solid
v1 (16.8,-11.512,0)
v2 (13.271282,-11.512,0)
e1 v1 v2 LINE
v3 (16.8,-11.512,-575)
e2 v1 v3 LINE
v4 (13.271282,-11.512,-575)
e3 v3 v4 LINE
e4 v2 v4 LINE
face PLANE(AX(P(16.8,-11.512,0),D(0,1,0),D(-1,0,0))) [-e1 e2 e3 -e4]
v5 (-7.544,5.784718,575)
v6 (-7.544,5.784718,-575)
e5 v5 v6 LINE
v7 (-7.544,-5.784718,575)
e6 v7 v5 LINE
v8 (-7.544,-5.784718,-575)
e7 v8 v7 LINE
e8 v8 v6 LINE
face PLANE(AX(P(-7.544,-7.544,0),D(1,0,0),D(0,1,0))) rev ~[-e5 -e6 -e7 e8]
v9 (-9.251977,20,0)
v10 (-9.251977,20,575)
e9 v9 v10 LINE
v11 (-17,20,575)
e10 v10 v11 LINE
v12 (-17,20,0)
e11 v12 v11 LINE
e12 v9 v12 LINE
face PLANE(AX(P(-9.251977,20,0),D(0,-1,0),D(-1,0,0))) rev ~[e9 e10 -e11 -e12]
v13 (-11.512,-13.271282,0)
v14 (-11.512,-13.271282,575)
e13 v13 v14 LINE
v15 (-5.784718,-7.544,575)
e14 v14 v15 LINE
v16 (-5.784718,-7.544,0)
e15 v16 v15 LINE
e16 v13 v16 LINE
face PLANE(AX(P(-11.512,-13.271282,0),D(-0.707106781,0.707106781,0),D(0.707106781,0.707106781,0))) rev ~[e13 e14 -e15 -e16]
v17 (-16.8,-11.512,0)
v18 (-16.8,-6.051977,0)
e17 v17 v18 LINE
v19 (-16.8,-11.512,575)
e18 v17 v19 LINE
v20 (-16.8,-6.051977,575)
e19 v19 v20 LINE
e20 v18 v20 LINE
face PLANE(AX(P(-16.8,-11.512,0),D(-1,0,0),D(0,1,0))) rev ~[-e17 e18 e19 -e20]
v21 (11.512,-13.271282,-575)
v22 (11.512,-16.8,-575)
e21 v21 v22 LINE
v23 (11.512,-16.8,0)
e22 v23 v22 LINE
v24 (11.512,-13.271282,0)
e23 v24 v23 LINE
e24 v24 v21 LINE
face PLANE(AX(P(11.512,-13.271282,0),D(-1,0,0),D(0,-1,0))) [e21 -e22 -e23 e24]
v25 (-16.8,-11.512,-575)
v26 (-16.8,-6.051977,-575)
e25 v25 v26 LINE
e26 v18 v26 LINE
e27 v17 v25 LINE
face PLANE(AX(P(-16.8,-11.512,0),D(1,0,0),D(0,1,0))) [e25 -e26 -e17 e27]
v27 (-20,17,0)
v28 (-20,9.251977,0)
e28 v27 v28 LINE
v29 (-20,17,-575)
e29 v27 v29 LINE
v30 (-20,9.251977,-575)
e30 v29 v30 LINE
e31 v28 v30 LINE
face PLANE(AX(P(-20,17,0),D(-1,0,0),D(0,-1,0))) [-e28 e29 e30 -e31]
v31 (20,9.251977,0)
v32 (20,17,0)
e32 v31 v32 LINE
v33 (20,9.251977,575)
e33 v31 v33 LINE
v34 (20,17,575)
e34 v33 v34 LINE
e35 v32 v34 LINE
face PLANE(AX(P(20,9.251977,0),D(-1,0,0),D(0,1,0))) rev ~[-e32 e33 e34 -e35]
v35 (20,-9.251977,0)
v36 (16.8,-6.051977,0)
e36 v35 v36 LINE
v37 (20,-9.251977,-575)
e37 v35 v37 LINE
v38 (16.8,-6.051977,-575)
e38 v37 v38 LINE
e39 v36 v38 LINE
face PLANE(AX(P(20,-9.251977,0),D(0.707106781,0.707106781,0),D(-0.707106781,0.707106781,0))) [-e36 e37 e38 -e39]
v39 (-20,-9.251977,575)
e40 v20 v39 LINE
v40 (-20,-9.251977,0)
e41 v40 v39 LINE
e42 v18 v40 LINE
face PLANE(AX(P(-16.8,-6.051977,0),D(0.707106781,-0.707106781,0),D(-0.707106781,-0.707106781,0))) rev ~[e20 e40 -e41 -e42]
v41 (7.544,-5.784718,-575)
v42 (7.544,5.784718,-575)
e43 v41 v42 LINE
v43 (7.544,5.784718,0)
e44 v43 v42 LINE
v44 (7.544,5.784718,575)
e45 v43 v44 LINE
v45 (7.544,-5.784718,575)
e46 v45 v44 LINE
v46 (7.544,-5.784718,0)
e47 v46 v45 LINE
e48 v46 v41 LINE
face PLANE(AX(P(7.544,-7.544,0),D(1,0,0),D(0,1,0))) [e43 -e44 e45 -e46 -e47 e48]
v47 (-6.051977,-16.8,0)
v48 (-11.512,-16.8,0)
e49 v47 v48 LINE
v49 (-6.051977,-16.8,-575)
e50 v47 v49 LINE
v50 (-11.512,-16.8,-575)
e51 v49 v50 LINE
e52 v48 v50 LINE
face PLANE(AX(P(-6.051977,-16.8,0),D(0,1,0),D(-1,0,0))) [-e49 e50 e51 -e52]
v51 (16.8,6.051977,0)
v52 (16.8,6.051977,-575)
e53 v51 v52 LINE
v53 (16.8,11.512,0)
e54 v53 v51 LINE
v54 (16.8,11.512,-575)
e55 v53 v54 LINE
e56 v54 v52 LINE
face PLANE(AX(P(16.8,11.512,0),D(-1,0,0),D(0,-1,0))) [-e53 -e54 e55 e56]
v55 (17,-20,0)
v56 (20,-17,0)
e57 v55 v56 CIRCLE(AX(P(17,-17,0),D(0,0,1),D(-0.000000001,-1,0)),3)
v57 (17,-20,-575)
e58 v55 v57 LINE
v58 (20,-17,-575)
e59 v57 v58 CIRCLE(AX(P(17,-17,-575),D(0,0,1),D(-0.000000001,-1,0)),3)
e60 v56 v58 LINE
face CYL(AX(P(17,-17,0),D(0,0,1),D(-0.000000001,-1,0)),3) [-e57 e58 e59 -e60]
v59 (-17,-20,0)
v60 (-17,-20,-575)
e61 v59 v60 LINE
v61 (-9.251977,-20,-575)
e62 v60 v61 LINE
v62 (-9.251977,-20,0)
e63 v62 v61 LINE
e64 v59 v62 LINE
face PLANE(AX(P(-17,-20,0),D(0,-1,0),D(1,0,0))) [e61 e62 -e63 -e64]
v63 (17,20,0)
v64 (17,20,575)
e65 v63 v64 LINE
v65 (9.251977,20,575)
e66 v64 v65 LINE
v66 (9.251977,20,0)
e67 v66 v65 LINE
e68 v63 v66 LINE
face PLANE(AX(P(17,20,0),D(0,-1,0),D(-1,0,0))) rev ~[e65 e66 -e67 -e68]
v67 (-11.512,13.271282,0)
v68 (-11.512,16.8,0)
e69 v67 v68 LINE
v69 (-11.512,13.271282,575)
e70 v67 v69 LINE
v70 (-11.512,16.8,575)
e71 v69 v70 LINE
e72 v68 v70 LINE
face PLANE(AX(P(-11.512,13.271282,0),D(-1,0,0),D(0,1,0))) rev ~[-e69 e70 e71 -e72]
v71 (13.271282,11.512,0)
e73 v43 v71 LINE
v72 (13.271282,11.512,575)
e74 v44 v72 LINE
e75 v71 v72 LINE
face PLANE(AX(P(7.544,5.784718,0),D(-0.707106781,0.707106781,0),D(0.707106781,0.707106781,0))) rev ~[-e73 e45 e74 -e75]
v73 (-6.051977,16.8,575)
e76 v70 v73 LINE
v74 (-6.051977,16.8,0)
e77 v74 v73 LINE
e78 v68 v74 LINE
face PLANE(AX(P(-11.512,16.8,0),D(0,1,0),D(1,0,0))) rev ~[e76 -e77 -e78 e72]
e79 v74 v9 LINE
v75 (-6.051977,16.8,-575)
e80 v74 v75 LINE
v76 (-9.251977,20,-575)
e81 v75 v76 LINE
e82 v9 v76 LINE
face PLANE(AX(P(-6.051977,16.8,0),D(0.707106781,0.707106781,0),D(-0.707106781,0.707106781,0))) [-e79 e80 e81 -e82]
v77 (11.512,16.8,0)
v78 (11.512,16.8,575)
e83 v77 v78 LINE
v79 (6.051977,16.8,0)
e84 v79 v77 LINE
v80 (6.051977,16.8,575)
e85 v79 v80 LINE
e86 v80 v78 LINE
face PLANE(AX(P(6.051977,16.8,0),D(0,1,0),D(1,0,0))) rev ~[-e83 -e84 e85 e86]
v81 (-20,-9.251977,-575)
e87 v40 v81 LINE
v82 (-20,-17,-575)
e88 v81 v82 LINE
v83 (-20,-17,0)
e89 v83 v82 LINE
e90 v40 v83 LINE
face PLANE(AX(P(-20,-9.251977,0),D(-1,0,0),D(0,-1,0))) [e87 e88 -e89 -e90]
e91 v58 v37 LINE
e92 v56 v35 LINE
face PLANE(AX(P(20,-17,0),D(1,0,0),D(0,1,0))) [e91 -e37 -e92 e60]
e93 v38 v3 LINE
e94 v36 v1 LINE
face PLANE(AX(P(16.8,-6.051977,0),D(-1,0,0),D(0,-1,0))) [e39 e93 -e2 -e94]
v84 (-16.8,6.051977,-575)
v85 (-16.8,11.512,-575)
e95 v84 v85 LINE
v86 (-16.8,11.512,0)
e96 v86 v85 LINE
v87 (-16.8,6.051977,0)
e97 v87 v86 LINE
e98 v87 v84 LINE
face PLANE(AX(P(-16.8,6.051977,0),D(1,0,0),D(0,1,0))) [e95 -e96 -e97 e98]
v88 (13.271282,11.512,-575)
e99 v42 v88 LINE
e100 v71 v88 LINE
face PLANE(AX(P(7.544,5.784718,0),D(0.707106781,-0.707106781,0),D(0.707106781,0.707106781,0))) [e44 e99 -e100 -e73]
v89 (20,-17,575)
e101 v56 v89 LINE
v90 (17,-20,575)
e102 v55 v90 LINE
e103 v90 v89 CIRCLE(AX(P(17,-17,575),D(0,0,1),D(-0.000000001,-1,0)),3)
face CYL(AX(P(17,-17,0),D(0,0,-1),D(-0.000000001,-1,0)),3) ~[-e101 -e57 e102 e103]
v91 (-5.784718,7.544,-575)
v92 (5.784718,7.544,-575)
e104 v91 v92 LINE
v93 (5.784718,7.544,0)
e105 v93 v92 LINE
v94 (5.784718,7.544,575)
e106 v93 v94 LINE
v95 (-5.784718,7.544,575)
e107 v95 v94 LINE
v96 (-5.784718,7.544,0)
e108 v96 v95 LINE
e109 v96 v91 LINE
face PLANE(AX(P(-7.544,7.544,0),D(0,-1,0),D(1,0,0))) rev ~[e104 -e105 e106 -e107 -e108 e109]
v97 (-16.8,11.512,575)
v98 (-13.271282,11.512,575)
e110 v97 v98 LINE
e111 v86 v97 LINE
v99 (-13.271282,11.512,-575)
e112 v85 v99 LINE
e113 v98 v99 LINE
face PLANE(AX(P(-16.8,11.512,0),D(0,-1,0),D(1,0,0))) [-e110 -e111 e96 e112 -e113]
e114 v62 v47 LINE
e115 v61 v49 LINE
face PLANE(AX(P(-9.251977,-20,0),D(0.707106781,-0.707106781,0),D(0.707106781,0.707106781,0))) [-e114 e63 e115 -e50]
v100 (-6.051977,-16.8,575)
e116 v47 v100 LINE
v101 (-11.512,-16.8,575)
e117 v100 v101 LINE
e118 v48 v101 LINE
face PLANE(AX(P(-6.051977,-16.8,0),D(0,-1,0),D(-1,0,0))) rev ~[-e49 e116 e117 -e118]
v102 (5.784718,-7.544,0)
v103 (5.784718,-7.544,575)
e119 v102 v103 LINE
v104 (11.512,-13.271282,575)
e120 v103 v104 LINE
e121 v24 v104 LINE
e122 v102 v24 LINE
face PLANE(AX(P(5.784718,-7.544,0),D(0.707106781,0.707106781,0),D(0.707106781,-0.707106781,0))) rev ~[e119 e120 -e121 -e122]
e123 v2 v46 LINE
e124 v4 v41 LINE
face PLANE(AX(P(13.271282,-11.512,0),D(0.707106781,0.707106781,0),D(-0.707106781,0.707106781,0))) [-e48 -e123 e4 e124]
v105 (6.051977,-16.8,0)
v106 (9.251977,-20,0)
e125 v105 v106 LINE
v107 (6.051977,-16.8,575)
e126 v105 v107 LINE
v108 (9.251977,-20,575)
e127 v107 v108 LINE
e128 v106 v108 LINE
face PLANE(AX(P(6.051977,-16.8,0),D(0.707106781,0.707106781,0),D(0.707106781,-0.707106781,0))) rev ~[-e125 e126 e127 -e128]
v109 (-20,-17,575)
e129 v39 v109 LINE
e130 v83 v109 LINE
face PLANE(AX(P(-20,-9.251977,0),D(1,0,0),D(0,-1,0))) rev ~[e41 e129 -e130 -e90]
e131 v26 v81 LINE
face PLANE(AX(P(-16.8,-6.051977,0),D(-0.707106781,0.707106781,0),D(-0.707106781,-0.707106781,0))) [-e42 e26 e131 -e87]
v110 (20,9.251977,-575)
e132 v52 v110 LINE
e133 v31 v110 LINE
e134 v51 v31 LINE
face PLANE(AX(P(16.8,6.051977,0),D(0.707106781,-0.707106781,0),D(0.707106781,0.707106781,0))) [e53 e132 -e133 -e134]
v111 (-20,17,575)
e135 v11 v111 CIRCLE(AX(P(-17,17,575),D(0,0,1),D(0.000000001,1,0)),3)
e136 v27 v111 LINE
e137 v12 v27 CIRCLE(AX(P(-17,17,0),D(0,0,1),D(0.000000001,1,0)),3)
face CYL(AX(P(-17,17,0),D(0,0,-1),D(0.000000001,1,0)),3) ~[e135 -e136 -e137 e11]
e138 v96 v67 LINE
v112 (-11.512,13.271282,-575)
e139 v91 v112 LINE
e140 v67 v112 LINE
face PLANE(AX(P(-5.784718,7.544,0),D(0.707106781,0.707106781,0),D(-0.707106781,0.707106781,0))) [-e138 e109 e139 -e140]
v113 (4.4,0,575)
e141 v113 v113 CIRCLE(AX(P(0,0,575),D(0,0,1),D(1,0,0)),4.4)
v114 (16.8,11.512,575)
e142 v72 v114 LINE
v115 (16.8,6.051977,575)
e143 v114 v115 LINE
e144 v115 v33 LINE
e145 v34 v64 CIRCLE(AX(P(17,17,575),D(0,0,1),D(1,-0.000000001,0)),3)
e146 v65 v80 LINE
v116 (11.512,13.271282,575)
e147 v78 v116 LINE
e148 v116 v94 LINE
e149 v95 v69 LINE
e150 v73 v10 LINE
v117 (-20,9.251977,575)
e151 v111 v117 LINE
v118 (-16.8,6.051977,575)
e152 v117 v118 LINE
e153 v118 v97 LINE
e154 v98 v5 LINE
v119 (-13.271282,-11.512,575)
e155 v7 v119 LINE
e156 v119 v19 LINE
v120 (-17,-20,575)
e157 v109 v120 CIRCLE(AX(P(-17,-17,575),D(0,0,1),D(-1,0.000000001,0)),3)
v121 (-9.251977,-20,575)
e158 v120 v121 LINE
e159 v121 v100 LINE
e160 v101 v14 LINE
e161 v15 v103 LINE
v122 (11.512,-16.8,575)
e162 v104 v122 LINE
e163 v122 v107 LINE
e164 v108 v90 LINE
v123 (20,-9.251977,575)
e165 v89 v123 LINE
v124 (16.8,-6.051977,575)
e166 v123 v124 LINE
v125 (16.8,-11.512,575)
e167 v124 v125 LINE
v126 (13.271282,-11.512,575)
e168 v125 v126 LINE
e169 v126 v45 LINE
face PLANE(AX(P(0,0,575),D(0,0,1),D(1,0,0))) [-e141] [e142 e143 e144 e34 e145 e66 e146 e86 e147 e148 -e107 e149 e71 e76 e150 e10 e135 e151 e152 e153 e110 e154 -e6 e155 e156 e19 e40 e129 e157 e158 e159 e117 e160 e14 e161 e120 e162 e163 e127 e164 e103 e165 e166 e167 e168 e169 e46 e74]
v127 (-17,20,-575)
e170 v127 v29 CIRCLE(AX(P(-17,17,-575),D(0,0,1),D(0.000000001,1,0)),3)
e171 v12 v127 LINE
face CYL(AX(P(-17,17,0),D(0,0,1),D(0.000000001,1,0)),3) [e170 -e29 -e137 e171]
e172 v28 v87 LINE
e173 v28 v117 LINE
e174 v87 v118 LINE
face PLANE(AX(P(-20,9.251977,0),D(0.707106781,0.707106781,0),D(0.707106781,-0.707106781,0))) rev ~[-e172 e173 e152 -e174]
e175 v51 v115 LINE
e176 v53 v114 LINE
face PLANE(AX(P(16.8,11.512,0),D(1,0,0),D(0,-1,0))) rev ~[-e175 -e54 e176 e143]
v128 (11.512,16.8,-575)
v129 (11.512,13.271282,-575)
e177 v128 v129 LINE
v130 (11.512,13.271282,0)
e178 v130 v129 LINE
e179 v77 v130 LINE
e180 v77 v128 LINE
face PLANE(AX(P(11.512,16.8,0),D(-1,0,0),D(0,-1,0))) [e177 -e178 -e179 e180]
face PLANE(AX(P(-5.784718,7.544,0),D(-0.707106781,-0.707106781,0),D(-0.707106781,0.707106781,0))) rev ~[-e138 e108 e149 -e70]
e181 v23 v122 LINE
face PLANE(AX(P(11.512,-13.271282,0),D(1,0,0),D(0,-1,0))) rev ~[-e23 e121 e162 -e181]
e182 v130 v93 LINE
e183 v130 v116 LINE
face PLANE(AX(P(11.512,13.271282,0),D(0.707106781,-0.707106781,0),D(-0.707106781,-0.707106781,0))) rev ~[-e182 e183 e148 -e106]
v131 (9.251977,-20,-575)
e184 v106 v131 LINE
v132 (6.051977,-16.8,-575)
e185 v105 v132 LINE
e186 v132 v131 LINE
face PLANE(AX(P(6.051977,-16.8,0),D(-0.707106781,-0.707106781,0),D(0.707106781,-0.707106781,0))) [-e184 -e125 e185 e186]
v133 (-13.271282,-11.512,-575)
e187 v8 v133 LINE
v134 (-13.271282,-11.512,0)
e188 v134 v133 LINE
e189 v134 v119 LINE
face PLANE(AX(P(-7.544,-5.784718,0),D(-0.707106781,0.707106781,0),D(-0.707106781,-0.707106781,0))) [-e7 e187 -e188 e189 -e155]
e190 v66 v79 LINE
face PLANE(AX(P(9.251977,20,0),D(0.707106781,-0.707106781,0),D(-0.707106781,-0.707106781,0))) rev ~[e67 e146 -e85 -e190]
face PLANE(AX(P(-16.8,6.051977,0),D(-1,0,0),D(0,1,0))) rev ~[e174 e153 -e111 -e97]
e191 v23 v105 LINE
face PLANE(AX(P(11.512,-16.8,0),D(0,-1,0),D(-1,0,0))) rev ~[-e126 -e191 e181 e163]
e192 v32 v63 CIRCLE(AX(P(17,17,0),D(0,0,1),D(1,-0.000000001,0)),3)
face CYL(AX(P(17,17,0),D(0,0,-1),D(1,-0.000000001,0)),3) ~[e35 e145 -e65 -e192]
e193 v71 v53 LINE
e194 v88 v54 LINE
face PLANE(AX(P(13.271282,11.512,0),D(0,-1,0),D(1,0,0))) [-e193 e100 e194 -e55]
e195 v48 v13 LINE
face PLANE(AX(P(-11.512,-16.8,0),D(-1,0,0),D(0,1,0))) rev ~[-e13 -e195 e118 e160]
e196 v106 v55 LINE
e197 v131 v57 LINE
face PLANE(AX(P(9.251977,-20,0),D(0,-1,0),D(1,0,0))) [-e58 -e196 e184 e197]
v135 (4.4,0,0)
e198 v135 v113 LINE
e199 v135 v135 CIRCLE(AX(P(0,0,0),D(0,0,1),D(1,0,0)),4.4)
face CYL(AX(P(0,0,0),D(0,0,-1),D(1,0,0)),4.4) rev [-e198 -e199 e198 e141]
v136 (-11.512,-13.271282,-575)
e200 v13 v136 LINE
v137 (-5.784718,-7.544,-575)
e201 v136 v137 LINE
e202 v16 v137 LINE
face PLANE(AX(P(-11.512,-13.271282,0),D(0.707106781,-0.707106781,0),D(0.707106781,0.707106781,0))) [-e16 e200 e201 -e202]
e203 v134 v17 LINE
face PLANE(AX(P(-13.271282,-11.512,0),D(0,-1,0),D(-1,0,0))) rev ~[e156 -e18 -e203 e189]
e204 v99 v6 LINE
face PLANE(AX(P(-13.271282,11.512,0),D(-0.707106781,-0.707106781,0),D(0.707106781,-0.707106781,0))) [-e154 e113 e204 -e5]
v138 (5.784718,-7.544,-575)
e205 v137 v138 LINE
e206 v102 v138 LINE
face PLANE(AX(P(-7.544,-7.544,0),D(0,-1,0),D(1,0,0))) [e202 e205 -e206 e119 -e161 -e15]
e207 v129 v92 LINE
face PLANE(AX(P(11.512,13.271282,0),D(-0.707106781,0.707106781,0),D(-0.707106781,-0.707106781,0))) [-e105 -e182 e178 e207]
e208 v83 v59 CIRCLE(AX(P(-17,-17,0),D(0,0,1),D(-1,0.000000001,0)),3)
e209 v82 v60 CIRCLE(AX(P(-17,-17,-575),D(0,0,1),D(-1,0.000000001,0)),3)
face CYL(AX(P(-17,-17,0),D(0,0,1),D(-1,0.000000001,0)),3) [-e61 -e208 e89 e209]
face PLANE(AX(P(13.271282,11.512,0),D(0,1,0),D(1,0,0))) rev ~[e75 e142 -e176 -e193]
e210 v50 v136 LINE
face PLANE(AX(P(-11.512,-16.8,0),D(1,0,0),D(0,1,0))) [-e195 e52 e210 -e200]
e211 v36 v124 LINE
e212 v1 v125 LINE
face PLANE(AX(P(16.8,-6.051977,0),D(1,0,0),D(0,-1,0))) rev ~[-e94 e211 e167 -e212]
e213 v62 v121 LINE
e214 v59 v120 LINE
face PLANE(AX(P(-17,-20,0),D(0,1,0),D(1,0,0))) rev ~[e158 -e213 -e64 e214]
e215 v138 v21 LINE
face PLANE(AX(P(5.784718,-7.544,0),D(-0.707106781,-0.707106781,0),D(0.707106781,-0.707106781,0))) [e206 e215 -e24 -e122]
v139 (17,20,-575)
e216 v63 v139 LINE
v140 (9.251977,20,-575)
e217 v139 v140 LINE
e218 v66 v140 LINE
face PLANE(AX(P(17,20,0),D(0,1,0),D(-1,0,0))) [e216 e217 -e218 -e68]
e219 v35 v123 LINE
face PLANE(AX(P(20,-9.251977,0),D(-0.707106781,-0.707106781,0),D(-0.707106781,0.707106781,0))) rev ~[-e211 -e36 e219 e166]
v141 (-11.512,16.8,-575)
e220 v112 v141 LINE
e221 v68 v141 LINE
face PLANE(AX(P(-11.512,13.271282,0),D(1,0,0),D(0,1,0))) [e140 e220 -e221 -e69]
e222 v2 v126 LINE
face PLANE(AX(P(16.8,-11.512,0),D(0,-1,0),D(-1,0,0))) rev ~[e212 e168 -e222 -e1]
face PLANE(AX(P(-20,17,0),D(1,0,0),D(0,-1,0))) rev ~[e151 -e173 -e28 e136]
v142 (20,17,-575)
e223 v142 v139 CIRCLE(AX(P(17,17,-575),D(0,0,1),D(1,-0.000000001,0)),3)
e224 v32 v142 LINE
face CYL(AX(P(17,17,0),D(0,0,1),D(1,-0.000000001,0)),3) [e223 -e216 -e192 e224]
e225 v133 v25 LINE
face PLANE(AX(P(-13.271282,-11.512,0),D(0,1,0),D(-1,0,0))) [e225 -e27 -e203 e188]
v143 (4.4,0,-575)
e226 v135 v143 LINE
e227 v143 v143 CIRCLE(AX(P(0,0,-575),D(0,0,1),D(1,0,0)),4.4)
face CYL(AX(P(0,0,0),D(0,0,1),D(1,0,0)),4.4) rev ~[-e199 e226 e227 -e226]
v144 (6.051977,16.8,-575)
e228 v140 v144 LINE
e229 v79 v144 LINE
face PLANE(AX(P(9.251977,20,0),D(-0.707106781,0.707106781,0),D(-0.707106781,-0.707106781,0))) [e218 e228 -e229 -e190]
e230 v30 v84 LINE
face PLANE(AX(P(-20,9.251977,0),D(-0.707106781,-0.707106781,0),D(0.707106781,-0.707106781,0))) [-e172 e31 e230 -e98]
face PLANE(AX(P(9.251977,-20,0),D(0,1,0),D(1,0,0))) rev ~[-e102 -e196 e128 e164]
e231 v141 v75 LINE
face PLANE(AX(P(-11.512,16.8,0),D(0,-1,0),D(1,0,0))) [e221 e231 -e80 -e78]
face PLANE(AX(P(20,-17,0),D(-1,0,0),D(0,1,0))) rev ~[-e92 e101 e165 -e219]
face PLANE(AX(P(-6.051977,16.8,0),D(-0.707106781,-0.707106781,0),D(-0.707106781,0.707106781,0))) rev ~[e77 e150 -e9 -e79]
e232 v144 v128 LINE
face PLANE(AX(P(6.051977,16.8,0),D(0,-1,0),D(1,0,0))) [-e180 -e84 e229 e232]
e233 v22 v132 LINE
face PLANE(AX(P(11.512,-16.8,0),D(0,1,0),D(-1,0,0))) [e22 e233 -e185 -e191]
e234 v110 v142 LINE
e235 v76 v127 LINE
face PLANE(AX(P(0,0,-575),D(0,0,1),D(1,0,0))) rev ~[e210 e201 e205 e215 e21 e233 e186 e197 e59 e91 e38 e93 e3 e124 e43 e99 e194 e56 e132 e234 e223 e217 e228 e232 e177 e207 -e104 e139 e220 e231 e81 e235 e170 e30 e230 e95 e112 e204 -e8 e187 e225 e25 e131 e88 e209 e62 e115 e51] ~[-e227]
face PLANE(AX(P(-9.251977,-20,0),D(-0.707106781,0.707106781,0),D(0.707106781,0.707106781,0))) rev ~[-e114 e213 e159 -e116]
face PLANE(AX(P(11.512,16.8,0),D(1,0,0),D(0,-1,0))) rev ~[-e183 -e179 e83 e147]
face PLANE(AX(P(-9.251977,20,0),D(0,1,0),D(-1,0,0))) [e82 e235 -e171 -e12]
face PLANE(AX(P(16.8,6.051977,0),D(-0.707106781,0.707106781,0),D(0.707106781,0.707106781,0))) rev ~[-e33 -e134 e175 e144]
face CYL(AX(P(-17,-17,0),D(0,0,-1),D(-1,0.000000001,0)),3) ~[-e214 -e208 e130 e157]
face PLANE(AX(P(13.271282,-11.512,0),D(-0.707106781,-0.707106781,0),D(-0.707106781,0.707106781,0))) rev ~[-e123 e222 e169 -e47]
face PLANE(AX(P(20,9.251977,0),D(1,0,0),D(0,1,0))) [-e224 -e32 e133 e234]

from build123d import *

# Parameters (mm, degrees)
SKETCH1_W           = 15.088
SKETCH1_H           = 15.088
SKETCH1_R           = 4.4
BOSS_EXTRUDE1_DEPTH = 575


with BuildPart() as part:
    # Sketch1 → Boss-Extrude1 (new, symmetric)
    # profile 1 of 5: a face of its own
    with BuildSketch(Plane.XY):
        with BuildLine():
            Line((-7.544, 7.544), (-5.784718328, 7.544))
            Line((-5.784718328, 7.544), (-11.512, 13.271281672))
            Line((-11.512, 13.271281672), (-11.512, 16.8))
            Line((-11.512, 16.8), (-6.051976926, 16.8))
            Line((-6.051976926, 16.8), (-9.251976926, 20))
            Line((-9.251976926, 20), (-17, 20))
            ThreePointArc((-17, 20), (-19.121320344, 19.121320344), (-20, 17))
            Line((-20, 17), (-20, 9.251976926))
            Line((-20, 9.251976926), (-16.8, 6.051976926))
            Line((-16.8, 6.051976926), (-16.8, 11.512))
            Line((-16.8, 11.512), (-13.271281672, 11.512))
            Line((-13.271281672, 11.512), (-7.544, 5.784718328))
            Line((-7.544, 5.784718328), (-7.544, 7.544))
        make_face()
    # profile 2 of 5: a face of its own
    with BuildSketch(Plane.XY):
        with BuildLine():
            Line((11.512, 13.271281672), (5.784718328, 7.544))
            Line((5.784718328, 7.544), (7.544, 7.544))
            Line((7.544, 7.544), (7.544, 5.784718328))
            Line((7.544, 5.784718328), (13.271281672, 11.512))
            Line((13.271281672, 11.512), (16.8, 11.512))
            Line((16.8, 11.512), (16.8, 6.051976926))
            Line((16.8, 6.051976926), (20, 9.251976926))
            Line((20, 9.251976926), (20, 17))
            ThreePointArc((20, 17), (19.121320344, 19.121320344), (17, 20))
            Line((17, 20), (9.251976926, 20))
            Line((9.251976926, 20), (6.051976926, 16.8))
            Line((6.051976926, 16.8), (11.512, 16.8))
            Line((11.512, 16.8), (11.512, 13.271281672))
        make_face()
    # profile 3 of 5: a face of its own
    with BuildSketch(Plane.XY):
        with BuildLine():
            Line((-7.544, -7.544), (-7.544, -5.784718328))
            Line((-7.544, -5.784718328), (-13.271281672, -11.512))
            Line((-13.271281672, -11.512), (-16.8, -11.512))
            Line((-16.8, -11.512), (-16.8, -6.051976926))
            Line((-16.8, -6.051976926), (-20, -9.251976926))
            Line((-20, -9.251976926), (-20, -17))
            ThreePointArc((-20, -17), (-19.121320344, -19.121320344), (-17, -20))
            Line((-17, -20), (-9.251976926, -20))
            Line((-9.251976926, -20), (-6.051976926, -16.8))
            Line((-6.051976926, -16.8), (-11.512, -16.8))
            Line((-11.512, -16.8), (-11.512, -13.271281672))
            Line((-11.512, -13.271281672), (-5.784718328, -7.544))
            Line((-5.784718328, -7.544), (-7.544, -7.544))
        make_face()
    # profile 4 of 5: a face of its own
    with BuildSketch(Plane.XY):
        with BuildLine():
            Line((13.271281672, -11.512), (7.544, -5.784718328))
            Line((7.544, -5.784718328), (7.544, -7.544))
            Line((7.544, -7.544), (5.784718328, -7.544))
            Line((5.784718328, -7.544), (11.512, -13.271281672))
            Line((11.512, -13.271281672), (11.512, -16.8))
            Line((11.512, -16.8), (6.051976926, -16.8))
            Line((6.051976926, -16.8), (9.251976926, -20))
            Line((9.251976926, -20), (17, -20))
            ThreePointArc((17, -20), (19.121320344, -19.121320344), (20, -17))
            Line((20, -17), (20, -9.251976926))
            Line((20, -9.251976926), (16.8, -6.051976926))
            Line((16.8, -6.051976926), (16.8, -11.512))
            Line((16.8, -11.512), (13.271281672, -11.512))
        make_face()
    # profile 5 of 5: a face of its own
    with BuildSketch(Plane.XY):
        Rectangle(SKETCH1_W, SKETCH1_H)
        Circle(SKETCH1_R, mode=Mode.SUBTRACT)
    extrude(amount=BOSS_EXTRUDE1_DEPTH, both=True)


solid = part.part
